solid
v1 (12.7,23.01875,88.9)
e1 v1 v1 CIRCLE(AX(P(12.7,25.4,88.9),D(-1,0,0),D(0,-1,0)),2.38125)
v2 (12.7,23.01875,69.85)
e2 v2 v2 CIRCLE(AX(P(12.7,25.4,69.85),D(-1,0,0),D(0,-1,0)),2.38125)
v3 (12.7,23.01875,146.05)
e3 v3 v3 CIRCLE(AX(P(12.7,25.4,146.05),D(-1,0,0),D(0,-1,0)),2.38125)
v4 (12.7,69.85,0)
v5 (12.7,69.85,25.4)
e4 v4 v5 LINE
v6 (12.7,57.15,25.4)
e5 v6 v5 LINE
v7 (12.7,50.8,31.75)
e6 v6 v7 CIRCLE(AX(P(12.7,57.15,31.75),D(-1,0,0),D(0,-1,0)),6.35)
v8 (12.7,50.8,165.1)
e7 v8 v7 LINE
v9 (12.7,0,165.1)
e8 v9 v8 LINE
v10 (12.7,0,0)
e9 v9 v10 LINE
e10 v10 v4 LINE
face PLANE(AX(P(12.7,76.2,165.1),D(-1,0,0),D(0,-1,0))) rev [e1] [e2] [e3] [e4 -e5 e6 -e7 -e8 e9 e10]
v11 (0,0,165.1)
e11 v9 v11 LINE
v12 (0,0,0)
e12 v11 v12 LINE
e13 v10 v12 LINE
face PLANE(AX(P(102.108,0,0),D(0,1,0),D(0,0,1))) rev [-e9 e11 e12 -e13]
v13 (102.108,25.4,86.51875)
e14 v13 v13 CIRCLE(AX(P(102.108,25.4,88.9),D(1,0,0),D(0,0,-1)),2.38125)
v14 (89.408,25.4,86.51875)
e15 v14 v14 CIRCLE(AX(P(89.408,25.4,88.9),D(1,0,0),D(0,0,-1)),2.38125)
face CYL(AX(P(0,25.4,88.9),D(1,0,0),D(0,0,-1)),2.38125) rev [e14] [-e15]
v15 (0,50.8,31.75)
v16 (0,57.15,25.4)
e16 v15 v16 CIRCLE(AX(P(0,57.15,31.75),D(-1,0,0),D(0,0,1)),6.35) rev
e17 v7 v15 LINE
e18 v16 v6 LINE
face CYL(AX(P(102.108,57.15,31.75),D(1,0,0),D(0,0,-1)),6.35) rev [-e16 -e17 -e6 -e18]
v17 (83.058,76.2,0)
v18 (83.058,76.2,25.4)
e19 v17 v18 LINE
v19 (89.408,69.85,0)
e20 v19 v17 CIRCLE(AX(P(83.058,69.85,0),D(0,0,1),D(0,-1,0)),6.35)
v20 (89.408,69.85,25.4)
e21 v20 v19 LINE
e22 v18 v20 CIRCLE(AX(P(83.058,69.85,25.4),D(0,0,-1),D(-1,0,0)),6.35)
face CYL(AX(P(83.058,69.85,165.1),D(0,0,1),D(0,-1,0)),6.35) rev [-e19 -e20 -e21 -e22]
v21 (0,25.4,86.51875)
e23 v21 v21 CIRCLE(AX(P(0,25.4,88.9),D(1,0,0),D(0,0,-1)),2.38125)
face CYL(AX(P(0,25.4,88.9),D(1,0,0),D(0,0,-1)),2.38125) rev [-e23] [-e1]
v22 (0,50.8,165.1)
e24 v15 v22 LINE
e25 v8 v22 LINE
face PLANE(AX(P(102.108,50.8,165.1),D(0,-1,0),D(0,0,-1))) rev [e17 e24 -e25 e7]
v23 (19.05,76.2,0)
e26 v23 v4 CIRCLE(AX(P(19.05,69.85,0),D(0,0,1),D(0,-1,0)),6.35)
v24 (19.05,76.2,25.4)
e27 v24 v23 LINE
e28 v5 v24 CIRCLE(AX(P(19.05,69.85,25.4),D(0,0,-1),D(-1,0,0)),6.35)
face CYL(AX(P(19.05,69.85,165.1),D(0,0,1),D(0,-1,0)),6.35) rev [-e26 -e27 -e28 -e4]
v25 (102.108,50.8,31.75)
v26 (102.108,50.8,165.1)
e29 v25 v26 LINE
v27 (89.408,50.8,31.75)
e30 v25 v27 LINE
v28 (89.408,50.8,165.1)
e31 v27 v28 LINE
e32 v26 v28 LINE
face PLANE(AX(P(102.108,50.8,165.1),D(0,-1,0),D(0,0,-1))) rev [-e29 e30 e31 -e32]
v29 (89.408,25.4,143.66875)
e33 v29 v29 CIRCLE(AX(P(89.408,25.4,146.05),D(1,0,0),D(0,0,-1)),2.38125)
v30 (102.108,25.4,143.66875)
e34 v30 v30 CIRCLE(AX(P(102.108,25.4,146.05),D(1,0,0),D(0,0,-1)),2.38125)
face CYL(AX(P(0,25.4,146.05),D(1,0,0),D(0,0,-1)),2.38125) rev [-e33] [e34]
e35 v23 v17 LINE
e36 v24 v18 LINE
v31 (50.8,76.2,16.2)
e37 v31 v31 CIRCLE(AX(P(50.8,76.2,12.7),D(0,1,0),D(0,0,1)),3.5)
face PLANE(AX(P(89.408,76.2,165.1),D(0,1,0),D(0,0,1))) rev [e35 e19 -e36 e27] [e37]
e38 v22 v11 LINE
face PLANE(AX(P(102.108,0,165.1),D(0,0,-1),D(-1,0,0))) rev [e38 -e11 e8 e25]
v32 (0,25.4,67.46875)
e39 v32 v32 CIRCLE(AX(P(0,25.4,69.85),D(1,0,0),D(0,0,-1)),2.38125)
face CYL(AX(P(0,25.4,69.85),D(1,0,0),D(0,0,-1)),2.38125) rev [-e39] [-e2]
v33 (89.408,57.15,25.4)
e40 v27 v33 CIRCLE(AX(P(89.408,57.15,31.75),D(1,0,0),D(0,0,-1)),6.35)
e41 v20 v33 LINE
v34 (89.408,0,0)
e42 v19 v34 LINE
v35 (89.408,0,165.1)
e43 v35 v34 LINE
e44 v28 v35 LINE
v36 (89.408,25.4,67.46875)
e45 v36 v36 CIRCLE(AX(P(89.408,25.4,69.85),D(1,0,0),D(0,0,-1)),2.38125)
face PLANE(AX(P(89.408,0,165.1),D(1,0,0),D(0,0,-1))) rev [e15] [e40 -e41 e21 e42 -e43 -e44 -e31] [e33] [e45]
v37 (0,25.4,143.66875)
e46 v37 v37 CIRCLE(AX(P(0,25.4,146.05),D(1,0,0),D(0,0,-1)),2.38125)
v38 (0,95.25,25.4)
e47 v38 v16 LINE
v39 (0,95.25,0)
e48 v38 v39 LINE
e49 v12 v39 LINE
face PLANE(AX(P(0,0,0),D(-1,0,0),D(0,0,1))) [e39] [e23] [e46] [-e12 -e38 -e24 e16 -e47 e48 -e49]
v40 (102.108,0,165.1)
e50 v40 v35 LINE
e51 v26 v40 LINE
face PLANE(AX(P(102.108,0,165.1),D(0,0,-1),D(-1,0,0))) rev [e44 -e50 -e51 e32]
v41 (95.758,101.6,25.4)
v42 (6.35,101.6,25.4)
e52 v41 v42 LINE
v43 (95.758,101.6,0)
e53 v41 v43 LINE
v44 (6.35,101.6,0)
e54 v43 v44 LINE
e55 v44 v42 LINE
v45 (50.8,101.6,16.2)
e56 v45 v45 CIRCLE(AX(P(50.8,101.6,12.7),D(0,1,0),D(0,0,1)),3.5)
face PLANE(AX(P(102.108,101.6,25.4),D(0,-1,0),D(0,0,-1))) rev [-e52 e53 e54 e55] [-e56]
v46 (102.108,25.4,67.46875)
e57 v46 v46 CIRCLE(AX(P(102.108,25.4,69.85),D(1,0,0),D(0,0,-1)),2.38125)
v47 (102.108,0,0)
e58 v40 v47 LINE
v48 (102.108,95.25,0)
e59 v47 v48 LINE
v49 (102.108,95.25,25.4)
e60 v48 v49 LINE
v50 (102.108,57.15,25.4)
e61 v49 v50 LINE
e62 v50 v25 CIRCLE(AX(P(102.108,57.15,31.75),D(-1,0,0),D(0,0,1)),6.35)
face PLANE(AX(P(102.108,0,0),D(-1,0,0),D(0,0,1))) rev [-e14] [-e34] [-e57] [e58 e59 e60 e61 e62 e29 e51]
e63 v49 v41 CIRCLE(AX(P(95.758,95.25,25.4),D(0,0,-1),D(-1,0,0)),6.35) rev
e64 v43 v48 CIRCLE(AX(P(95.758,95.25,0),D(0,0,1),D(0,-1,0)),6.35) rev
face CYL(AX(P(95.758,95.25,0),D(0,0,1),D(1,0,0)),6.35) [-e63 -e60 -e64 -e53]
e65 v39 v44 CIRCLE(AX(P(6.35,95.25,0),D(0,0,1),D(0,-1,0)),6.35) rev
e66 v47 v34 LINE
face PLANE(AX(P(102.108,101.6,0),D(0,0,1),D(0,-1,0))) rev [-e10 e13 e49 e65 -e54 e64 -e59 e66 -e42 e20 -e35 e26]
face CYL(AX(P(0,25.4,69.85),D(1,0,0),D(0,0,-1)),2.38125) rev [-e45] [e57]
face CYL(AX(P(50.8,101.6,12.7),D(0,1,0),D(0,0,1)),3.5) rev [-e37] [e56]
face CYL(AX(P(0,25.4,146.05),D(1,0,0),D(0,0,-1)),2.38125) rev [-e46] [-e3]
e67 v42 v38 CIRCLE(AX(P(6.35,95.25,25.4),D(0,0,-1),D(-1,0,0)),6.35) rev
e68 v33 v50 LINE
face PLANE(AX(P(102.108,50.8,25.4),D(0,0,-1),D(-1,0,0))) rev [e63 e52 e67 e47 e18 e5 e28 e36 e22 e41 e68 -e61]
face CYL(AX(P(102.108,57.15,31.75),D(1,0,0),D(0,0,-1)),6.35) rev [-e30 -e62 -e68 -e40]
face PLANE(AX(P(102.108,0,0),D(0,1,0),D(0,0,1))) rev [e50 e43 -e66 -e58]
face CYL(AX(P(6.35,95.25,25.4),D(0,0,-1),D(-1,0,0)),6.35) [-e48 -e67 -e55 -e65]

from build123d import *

# Parameters (mm, degrees)
BOSS_EXTRUDE1_DEPTH   = 102.108
SKETCH2_W             = 76.708
SKETCH2_H             = 76.2
CUT_EXTRUDE1_DEPTH    = 220.104116036
F_7_0MM_DOWEL_HOLE1_D = 7
FILLET1_R             = 6.35
SKETCH5_R             = 2.38125
CUT_EXTRUDE2_DEPTH    = 220.104116036


with BuildPart() as part:
    # Sketch1 → Boss-Extrude1 (new body)
    with BuildSketch(Plane(origin=(0, 0, 0), x_dir=(0, 0, -1), z_dir=(1, 0, 0))):
        Polygon((0, 0), (-165.1, 0), (-165.1, 50.8), (-25.4, 50.8), (-25.4, 101.6), (0, 101.6), align=None)
    extrude(amount=BOSS_EXTRUDE1_DEPTH)

    # Sketch2 → Cut-Extrude1 (cut, through all)
    with BuildSketch(Plane(origin=(0, 0, 0), x_dir=(-1, 0, 0), z_dir=(0, 0, -1))):
        with Locations((-51.054, 38.1)):
            Rectangle(SKETCH2_W, SKETCH2_H)
    extrude(amount=-CUT_EXTRUDE1_DEPTH, mode=Mode.SUBTRACT)

    # Ø7.0mm Dowel Hole1 (through all)
    with Locations(Plane(origin=(0, 101.6, 0), x_dir=(1, 0, 0), z_dir=(0, 1, 0))):
        with Locations((50.8, -12.7)):
            Hole(F_7_0MM_DOWEL_HOLE1_D / 2)

    # Fillet1
    fillet1_edges = [part.edges().sort_by_distance(p)[0] for p in [
        (95.758, 50.8, 25.4),
        (6.35, 50.8, 25.4),
        (89.408, 76.2, 12.7),
        (12.7, 76.2, 12.7),
        (0, 101.6, 12.7),
        (102.108, 101.6, 12.7),
    ]]
    fillet(fillet1_edges, radius=FILLET1_R)

    # Sketch5 → Cut-Extrude2 (cut, through all)
    with BuildSketch(Plane(origin=(102.108, 0, 0), x_dir=(0, 0, -1), z_dir=(1, 0, 0))):
        with Locations((-146.05, 25.4)):
            Circle(SKETCH5_R)
        with Locations((-88.9, 25.4)):
            Circle(SKETCH5_R)
        with Locations((-69.85, 25.4)):
            Circle(SKETCH5_R)
    extrude(amount=-CUT_EXTRUDE2_DEPTH, mode=Mode.SUBTRACT)


solid = part.part
